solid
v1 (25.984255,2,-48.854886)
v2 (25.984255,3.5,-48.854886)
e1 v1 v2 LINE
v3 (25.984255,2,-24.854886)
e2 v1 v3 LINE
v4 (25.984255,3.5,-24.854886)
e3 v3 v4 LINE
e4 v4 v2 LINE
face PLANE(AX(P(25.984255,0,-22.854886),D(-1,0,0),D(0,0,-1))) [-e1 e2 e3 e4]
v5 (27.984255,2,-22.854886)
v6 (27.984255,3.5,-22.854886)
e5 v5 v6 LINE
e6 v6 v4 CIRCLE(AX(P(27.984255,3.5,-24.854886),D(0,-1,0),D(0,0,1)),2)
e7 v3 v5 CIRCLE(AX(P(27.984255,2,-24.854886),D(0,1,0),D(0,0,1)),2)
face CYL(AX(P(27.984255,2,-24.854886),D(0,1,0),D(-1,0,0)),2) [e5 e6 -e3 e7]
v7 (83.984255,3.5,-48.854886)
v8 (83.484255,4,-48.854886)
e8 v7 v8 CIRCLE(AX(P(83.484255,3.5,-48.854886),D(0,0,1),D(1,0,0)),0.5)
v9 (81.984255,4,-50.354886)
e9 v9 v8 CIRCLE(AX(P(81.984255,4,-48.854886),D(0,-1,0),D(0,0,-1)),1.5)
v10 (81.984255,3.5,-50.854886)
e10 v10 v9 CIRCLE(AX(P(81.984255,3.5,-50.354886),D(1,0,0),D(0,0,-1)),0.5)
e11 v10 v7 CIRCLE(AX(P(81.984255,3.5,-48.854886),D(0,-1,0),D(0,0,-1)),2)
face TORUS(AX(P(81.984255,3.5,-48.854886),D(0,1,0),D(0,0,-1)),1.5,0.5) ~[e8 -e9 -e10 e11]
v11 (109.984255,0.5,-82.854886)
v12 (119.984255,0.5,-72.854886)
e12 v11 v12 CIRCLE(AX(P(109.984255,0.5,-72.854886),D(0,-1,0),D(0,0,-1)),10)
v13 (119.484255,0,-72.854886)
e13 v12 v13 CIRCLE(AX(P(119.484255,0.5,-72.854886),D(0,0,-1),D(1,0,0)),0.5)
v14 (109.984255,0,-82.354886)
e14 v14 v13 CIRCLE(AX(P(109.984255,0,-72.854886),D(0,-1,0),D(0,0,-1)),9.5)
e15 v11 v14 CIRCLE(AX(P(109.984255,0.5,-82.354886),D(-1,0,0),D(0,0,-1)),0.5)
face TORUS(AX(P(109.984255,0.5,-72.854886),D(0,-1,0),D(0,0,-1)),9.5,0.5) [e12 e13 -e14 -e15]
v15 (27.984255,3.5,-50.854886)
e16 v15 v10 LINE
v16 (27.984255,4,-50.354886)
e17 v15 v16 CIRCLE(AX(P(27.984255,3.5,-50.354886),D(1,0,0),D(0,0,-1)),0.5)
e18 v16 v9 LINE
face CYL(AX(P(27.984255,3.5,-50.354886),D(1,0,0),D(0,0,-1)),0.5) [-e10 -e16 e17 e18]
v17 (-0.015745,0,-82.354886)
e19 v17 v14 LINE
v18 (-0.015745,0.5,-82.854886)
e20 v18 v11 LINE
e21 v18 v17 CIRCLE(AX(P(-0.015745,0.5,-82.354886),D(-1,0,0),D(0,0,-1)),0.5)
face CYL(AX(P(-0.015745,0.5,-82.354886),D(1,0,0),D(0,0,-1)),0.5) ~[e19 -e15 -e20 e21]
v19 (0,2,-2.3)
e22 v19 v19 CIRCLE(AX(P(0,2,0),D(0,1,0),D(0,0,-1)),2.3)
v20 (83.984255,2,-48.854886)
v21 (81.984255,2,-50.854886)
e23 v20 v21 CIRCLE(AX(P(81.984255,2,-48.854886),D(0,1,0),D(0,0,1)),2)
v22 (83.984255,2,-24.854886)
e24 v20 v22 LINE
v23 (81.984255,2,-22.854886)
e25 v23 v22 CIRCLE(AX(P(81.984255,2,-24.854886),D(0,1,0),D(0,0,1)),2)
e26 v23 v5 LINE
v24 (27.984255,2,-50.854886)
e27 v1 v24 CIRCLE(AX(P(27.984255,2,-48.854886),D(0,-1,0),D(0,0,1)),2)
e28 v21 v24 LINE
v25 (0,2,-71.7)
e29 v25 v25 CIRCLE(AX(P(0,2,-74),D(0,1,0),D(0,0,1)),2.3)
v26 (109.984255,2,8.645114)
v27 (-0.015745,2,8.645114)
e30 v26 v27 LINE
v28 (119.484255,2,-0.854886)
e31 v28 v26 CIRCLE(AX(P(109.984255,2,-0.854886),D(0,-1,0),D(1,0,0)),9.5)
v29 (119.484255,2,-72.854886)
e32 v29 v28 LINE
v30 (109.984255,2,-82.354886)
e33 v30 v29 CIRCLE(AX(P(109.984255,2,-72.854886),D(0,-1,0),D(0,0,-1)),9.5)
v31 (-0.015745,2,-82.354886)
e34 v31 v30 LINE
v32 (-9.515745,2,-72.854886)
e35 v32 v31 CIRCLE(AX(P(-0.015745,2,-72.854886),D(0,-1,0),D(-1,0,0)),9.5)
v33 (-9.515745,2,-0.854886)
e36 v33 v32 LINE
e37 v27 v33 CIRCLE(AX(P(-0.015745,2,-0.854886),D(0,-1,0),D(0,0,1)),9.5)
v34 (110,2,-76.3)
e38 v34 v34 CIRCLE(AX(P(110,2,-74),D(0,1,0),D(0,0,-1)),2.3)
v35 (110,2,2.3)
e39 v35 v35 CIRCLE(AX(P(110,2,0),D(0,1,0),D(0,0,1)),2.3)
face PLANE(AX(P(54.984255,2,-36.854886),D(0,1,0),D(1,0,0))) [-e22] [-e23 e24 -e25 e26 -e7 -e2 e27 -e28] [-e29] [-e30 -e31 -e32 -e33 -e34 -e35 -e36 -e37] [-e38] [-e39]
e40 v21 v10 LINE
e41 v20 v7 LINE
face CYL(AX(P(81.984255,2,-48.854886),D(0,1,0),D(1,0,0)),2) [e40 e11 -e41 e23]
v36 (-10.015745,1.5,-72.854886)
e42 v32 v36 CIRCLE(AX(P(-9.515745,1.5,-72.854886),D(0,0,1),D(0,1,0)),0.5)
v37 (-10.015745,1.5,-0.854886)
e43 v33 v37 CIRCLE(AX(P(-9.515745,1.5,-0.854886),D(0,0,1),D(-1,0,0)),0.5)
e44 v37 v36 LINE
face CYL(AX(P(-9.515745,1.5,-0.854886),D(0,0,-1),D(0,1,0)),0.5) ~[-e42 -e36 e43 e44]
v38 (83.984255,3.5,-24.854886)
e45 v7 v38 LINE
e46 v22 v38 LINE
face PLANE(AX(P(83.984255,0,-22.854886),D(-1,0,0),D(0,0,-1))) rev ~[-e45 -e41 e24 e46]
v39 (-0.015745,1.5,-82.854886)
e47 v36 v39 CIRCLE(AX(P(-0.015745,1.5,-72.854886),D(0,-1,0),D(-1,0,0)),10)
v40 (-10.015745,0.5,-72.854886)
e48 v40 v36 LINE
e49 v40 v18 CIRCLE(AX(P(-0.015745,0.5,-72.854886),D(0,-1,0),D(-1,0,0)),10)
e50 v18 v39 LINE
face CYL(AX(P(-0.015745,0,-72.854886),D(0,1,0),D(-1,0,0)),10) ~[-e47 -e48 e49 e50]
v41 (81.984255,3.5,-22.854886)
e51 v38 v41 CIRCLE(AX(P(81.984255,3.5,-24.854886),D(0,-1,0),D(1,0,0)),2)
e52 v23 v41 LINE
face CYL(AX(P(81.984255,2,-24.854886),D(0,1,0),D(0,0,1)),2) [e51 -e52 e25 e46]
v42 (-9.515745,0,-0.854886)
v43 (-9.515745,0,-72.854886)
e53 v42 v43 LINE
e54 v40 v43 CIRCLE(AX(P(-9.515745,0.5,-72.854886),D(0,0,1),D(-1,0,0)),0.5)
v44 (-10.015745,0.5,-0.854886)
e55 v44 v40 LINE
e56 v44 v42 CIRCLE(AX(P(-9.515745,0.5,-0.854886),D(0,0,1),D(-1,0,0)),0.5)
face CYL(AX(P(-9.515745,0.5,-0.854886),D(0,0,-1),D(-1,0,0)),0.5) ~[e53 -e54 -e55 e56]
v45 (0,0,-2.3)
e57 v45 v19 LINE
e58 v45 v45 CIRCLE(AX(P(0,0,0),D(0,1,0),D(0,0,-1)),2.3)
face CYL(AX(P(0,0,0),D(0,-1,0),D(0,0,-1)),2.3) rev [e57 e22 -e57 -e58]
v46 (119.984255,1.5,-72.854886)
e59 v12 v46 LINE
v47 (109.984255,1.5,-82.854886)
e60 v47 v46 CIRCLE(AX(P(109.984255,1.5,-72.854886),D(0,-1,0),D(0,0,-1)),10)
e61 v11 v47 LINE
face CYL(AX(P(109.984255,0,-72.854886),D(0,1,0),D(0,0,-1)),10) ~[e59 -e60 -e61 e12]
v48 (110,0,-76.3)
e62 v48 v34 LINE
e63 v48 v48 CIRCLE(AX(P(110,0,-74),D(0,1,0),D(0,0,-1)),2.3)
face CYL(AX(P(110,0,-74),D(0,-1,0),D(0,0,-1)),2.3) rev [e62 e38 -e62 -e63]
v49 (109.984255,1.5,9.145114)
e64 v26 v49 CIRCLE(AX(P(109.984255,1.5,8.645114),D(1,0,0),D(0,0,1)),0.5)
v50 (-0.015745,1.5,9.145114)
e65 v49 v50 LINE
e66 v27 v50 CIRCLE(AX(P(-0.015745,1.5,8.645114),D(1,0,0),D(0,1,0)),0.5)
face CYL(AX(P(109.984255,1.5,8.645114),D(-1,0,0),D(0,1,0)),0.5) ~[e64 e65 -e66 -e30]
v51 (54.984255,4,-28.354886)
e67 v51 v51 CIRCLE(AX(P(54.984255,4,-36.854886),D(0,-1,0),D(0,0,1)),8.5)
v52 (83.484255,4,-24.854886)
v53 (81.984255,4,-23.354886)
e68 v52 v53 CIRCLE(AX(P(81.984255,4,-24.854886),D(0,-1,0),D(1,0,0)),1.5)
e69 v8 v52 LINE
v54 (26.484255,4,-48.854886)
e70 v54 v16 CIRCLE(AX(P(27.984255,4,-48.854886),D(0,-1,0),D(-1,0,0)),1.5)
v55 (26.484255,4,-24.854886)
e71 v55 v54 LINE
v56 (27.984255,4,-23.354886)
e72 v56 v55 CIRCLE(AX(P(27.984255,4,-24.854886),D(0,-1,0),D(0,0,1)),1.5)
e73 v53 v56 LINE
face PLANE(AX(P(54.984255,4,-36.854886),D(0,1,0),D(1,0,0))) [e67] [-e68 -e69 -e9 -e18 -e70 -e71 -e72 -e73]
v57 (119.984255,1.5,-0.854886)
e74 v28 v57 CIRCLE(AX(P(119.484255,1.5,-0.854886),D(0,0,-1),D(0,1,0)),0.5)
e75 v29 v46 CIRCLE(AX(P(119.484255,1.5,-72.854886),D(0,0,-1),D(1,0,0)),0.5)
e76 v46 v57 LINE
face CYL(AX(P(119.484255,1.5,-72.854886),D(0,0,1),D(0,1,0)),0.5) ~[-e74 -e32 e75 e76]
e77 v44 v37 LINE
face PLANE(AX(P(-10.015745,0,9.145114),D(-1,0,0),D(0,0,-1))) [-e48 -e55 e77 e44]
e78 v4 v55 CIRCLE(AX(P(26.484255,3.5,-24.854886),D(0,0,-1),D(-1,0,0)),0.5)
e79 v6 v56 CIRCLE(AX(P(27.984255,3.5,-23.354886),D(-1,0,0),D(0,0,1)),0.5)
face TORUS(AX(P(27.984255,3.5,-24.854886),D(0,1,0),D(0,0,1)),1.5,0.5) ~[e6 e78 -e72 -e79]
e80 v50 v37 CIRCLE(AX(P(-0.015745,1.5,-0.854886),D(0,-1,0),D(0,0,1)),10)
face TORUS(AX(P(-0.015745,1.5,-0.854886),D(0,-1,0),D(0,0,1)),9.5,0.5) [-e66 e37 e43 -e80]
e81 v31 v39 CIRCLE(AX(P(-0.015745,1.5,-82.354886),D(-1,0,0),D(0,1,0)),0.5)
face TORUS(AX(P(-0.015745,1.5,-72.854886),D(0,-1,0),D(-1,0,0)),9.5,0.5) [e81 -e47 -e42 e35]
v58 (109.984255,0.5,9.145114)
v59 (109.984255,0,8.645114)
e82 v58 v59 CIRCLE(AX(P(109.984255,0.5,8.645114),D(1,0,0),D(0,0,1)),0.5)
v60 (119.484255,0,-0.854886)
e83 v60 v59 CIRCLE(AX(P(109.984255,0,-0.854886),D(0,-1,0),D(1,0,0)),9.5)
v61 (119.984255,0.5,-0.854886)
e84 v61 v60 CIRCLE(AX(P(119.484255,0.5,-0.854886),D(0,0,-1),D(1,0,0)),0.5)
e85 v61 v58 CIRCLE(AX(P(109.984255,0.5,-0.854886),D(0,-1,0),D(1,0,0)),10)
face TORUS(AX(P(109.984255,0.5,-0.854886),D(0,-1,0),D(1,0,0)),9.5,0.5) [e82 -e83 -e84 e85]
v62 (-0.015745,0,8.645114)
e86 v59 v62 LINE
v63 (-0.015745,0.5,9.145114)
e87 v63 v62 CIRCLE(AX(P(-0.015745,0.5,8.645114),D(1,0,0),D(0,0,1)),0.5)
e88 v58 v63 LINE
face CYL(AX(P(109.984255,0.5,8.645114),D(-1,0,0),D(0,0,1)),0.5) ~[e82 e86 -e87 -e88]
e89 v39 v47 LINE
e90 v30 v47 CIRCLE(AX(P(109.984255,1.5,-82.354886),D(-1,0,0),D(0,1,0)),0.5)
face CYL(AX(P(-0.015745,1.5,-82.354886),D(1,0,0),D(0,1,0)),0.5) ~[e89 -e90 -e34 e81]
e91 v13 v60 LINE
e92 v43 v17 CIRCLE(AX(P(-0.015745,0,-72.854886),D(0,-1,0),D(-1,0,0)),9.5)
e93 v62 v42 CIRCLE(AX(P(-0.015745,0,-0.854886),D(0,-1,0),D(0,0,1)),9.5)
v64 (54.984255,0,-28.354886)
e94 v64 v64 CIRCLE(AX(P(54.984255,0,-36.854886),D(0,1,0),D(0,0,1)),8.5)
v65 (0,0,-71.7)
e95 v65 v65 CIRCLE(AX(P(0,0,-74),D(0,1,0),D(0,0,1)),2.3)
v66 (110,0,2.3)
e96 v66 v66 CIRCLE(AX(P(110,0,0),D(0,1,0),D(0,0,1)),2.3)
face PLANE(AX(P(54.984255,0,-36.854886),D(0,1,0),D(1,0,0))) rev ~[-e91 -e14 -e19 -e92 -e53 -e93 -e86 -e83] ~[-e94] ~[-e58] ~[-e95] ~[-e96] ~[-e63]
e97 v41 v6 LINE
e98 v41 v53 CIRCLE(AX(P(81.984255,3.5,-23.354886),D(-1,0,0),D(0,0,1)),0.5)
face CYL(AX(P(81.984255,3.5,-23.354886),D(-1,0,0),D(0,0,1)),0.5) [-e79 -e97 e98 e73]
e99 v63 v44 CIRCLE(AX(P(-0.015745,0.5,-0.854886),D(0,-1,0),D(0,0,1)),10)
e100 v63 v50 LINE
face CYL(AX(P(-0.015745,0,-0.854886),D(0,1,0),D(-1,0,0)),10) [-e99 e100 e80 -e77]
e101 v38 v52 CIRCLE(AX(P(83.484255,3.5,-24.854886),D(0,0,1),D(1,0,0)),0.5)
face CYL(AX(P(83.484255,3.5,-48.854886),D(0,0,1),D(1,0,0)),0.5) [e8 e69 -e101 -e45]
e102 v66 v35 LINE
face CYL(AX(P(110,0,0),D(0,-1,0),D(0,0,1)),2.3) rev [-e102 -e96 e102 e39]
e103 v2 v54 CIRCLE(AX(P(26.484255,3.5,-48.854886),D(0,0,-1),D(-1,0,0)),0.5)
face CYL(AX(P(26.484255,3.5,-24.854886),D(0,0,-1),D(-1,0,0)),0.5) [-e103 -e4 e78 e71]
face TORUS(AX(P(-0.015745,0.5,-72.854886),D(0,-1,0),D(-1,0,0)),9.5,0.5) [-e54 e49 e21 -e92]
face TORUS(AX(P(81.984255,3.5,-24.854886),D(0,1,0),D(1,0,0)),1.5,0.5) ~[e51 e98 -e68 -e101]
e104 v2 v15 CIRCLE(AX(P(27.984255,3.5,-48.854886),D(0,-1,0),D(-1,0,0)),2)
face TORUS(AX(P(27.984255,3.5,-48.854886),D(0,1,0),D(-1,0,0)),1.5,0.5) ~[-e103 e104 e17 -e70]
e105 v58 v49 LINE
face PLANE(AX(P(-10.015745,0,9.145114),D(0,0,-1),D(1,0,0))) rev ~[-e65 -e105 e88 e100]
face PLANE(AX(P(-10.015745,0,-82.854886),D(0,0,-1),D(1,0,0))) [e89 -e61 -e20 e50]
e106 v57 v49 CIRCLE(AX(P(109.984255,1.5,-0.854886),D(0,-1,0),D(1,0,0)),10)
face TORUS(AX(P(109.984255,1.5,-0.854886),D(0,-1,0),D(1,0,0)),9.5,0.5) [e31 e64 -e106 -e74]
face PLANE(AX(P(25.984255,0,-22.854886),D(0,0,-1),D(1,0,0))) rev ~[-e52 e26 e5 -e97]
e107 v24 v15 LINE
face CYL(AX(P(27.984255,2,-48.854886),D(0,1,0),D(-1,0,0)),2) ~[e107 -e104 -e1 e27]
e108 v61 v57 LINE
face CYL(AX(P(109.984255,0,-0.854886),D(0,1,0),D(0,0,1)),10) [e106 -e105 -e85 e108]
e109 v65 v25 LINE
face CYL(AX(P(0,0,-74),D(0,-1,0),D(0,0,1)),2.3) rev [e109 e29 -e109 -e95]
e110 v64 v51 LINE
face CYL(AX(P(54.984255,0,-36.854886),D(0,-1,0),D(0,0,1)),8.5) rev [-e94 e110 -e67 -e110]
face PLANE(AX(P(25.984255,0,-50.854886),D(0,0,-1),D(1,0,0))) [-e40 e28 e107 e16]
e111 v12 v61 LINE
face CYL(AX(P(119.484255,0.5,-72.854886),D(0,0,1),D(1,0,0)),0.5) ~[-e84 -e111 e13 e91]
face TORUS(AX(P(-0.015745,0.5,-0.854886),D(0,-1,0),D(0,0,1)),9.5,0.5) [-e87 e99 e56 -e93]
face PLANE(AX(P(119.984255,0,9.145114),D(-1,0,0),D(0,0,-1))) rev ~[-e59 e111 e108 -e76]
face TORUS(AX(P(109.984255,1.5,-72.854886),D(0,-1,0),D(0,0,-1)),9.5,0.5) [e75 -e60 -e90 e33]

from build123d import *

# Parameters (mm, degrees)
SKETCH1_W           = 130
SKETCH1_H           = 92
SKETCH1_R           = 2.3
BOSS_EXTRUDE1_DEPTH = 2
SKETCH2_W           = 58
SKETCH2_H           = 28
BOSS_EXTRUDE2_DEPTH = 4
FILLET1_R           = 10
FILLET2_R           = 2
FILLET3_R           = 0.5
SKETCH3_R           = 8.5
CUT_EXTRUDE1_DEPTH  = 146.86690412


with BuildPart() as part:
    # Sketch1 → Boss-Extrude1 (new body)
    with BuildSketch(Plane(origin=(0, 0, 0), x_dir=(1, 0, 0), z_dir=(0, 1, 0))):
        with Locations((54.9842552, 36.854886379)):
            Rectangle(SKETCH1_W, SKETCH1_H)
        with Locations(Location((0, 74, 0), (0, 0, 270))):
            Circle(SKETCH1_R, mode=Mode.SUBTRACT)
        with Locations(Location((110, 74, 0), (0, 0, 90))):
            Circle(SKETCH1_R, mode=Mode.SUBTRACT)
        with Locations(Location((110, 0, 0), (0, 0, 270))):
            Circle(SKETCH1_R, mode=Mode.SUBTRACT)
        with Locations(Location((0, 0, 0), (0, 0, 90))):
            Circle(SKETCH1_R, mode=Mode.SUBTRACT)
    extrude(amount=BOSS_EXTRUDE1_DEPTH)

    # Sketch2 → Boss-Extrude2 (add)
    with BuildSketch(Plane(origin=(0, 0, 0), x_dir=(1, 0, 0), z_dir=(0, 1, 0))):
        with Locations((54.9842552, 36.854886379)):
            Rectangle(SKETCH2_W, SKETCH2_H)
    extrude(amount=BOSS_EXTRUDE2_DEPTH)

    # Fillet1
    fillet1_edges = [part.edges().sort_by_distance(p)[0] for p in [
        (-10.0157448, 1, -82.854886379),
        (119.9842552, 1, -82.854886379),
        (119.9842552, 1, 9.145113621),
        (-10.0157448, 1, 9.145113621),
    ]]
    fillet(fillet1_edges, radius=FILLET1_R)

    # Fillet2
    fillet2_edges = [part.edges().sort_by_distance(p)[0] for p in [
        (25.9842552, 3, -50.854886379),
        (25.9842552, 3, -22.854886379),
        (83.9842552, 3, -22.854886379),
        (83.9842552, 3, -50.854886379),
    ]]
    fillet(fillet2_edges, radius=FILLET2_R)

    # Fillet3
    fillet3_edges = [part.edges().sort_by_distance(p)[0] for p in [
        (54.9842552, 0, -82.854886379),
        (54.9842552, 2, -82.854886379),
        (-10.0157448, 0, -36.854886379),
        (119.9842552, 0, -36.854886379),
        (54.9842552, 0, 9.145113621),
        (-7.086812612, 0, -79.925954191),
        (-7.086812612, 0, 6.216181433),
        (117.055323011, 0, 6.216181433),
        (117.055323011, 0, -79.925954191),
        (119.9842552, 2, -36.854886379),
        (-10.0157448, 2, -36.854886379),
        (54.9842552, 2, 9.145113621),
        (-7.086812612, 2, -79.925954191),
        (-7.086812612, 2, 6.216181433),
        (117.055323011, 2, 6.216181433),
        (117.055323011, 2, -79.925954191),
        (25.9842552, 4, -36.854886379),
        (54.9842552, 4, -50.854886379),
        (54.9842552, 4, -22.854886379),
        (83.9842552, 4, -36.854886379),
        (26.570041637, 4, -23.440672817),
        (83.398468762, 4, -23.440672817),
        (83.398468762, 4, -50.269099942),
        (26.570041637, 4, -50.269099942),
    ]]
    fillet(fillet3_edges, radius=FILLET3_R)

    # Sketch3 → Cut-Extrude1 (cut, through all)
    with BuildSketch(Plane(origin=(0, 0, 0), x_dir=(1, 0, 0), z_dir=(0, 1, 0))):
        with Locations(Location((54.9842552, 36.854886379, 0), (0, 0, 270))):
            Circle(SKETCH3_R)
    extrude(amount=CUT_EXTRUDE1_DEPTH, mode=Mode.SUBTRACT)


solid = part.part
